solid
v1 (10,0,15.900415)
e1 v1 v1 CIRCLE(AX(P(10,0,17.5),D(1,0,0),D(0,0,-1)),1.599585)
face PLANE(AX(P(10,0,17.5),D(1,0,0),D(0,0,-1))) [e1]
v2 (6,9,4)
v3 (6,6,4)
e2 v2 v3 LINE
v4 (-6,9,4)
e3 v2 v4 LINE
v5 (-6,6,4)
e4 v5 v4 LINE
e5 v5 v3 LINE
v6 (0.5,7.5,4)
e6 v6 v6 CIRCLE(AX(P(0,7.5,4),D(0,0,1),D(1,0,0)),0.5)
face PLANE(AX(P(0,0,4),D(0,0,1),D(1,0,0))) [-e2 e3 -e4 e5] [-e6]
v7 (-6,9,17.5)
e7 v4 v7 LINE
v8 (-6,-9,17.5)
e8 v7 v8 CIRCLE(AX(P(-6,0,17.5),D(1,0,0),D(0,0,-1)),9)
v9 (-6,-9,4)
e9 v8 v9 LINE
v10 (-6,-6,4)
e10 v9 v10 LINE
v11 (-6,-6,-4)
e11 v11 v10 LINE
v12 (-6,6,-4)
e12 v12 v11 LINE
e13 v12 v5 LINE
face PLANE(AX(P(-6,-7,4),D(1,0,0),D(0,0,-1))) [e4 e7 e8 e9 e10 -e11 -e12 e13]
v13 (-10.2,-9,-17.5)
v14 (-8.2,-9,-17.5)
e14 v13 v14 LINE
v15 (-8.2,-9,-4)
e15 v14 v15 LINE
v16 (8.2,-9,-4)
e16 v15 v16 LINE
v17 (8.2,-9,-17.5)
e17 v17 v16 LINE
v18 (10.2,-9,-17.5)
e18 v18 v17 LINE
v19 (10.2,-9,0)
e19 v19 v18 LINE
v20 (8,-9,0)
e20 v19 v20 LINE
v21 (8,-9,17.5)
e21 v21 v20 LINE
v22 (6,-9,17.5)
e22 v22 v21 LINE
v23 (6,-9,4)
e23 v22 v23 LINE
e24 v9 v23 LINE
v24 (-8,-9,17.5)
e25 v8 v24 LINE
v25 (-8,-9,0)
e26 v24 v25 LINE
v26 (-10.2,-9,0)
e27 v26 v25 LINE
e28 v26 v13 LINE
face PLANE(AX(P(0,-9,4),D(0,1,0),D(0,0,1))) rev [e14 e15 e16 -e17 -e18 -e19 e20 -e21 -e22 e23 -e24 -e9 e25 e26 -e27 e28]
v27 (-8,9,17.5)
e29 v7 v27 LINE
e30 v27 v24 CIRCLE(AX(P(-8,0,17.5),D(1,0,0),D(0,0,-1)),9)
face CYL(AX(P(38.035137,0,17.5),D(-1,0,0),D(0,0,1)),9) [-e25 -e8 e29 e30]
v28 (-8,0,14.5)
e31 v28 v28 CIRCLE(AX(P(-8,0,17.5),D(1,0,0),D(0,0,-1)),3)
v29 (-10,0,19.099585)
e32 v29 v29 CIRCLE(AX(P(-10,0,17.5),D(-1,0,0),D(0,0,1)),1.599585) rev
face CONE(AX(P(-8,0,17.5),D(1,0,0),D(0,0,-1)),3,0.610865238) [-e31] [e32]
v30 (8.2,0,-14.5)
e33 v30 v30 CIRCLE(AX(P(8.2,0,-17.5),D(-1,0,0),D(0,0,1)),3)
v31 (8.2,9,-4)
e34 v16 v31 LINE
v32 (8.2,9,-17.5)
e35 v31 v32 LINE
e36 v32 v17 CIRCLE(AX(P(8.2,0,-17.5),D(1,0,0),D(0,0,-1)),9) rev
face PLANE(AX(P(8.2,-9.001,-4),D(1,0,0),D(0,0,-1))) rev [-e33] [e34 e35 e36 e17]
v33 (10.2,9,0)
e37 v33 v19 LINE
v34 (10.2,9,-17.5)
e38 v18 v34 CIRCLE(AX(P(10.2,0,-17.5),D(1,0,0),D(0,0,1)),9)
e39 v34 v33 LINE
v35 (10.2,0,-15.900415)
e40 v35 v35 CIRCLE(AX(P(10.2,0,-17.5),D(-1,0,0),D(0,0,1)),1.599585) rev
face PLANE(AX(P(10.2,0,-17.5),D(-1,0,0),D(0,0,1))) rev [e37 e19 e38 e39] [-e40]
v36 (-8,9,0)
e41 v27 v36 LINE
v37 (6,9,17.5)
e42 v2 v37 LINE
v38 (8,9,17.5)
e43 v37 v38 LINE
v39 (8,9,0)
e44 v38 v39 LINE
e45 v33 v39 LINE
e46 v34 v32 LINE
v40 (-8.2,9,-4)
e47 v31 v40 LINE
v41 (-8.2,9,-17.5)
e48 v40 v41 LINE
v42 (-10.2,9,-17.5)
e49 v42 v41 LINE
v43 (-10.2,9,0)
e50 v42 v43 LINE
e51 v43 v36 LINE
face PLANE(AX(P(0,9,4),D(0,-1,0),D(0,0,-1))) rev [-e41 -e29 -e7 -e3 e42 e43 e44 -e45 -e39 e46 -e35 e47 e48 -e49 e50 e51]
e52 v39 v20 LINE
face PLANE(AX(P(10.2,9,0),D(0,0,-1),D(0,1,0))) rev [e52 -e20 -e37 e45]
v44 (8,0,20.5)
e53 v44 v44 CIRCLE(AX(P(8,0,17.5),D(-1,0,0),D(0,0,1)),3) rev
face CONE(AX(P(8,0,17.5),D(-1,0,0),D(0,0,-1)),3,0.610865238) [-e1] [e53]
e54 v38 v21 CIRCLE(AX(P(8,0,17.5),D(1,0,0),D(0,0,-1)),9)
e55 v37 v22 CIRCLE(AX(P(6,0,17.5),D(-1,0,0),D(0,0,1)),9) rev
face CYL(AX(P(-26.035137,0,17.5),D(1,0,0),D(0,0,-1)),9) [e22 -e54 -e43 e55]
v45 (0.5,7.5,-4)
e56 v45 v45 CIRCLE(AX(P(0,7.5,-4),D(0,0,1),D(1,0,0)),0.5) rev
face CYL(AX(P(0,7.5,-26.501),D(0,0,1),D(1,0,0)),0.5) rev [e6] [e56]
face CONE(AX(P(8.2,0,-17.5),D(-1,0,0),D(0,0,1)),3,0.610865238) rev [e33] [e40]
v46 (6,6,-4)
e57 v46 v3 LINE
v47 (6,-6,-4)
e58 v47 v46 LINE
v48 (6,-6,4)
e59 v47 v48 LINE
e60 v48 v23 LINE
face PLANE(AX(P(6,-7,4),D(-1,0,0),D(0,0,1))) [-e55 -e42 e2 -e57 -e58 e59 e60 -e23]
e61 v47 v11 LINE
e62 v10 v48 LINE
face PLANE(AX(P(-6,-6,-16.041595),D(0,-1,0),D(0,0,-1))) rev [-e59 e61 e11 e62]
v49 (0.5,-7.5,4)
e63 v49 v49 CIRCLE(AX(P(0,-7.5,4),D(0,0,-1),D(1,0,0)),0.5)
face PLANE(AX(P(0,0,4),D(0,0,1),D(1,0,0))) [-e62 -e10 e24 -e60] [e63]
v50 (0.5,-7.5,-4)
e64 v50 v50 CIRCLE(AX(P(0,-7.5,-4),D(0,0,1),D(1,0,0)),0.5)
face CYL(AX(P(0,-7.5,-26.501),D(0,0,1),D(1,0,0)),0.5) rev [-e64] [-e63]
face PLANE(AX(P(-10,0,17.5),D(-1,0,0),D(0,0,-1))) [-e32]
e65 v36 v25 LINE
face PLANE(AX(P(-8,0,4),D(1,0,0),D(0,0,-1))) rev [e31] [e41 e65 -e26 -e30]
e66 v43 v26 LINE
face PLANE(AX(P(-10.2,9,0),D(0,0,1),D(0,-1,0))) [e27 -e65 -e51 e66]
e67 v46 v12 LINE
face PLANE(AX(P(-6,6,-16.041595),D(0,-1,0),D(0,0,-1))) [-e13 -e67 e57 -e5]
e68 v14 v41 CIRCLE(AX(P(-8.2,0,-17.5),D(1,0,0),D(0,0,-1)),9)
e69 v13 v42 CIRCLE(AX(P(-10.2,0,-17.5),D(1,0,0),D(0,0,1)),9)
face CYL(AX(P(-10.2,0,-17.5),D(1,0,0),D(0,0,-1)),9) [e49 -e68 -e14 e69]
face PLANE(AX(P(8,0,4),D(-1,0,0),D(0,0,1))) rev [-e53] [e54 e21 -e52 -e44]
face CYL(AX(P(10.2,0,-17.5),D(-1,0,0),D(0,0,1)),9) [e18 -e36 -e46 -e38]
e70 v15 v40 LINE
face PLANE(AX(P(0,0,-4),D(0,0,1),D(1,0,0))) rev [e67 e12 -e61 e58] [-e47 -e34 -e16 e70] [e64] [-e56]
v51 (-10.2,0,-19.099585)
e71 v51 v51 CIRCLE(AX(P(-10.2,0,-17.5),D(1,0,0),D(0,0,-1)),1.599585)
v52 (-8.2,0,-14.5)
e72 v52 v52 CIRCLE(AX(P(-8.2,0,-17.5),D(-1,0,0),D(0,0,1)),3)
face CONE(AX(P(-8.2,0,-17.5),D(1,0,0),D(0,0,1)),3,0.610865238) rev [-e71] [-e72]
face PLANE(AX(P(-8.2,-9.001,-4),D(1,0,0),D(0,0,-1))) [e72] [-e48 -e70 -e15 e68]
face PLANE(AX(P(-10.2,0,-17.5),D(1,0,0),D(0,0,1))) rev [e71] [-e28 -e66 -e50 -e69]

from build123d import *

# Parameters (mm, degrees)
SKETCH1_W               = 16
SKETCH1_H               = 18
SKETCH1_W_2             = 12
SKETCH1_H_2             = 14
EXTRUDE_THIN1_DEPTH     = 4
BOSS_EXTRUDE1_DEPTH     = 2
SKETCH3_R               = 3
BOSS_EXTRUDE2_DEPTH     = 2
BOSS_EXTRUDE2_TAPER     = 35
BOSS_EXTRUDE3_DEPTH     = 2.2
CUT_EXTRUDE4_REACH      = 35.62
SKETCH10_W              = 0.2
SKETCH10_H              = 25.531461486
SKETCH5_R               = 3
CUT_EXTRUDE1_DEPTH      = 2
CUT_EXTRUDE1_DRAFT      = -35
MIRROR3_COPY_1_SKETCH_R = 3
MIRROR3_COPY_1_DEPTH    = 2
MIRROR3_COPY_1_DRAFT    = -35
SKETCH13_W              = 12
SKETCH13_H              = 1
BOSS_EXTRUDE4_DEPTH     = 8
CUT_EXTRUDE5_REACH      = 35.396
SKETCH11_R              = 0.5


with BuildPart() as part:
    # Sketch1 → Extrude-Thin1 (new, symmetric)
    with BuildSketch(Plane.XY):
        Rectangle(SKETCH1_W, SKETCH1_H)
        Rectangle(SKETCH1_W_2, SKETCH1_H_2, mode=Mode.SUBTRACT)
    extrude_thin1 = extrude(amount=EXTRUDE_THIN1_DEPTH, both=True)

    # Sketch2 → Boss-Extrude1 (add)
    with BuildSketch(Plane(origin=(8, 0, 0), x_dir=(0, 0, -1), z_dir=(1, 0, 0))):
        with BuildLine():
            Line((0, 9), (-17.5, 9))
            ThreePointArc((-17.5, 9), (-26.5, 0), (-17.5, -9))
            Line((-17.5, -9), (0, -9))
            Line((0, -9), (0, 9))
        make_face()
    boss_extrude1 = extrude(amount=-BOSS_EXTRUDE1_DEPTH)

    # Sketch3 → Boss-Extrude2 (add)
    with BuildSketch(Plane(origin=(8, 0, 0), x_dir=(0, 0, -1), z_dir=(1, 0, 0))):
        with Locations((-17.5, 0)):
            Circle(SKETCH3_R)
    boss_extrude2 = extrude(amount=BOSS_EXTRUDE2_DEPTH, taper=BOSS_EXTRUDE2_TAPER)

    # Sketch4 → Boss-Extrude3 (add)
    with BuildSketch(Plane(origin=(8, 0, 0), x_dir=(0, 0, -1), z_dir=(1, 0, 0))):
        with BuildLine():
            Line((0, 9), (17.5, 9))
            ThreePointArc((17.5, 9), (26.5, 0), (17.5, -9))
            Line((17.5, -9), (0, -9))
            Line((0, -9), (0, 9))
        make_face()
    boss_extrude3 = extrude(amount=BOSS_EXTRUDE3_DEPTH)

    # Sketch10 → Cut-Extrude4 (cut, up to next)
    with BuildSketch(Plane(origin=(0, 9, 0), x_dir=(1, 0, 0), z_dir=(0, 1, 0)), mode=Mode.PRIVATE) as cut_extrude4_sk1:
        with Locations((8.1, 16.765730743)):
            Rectangle(SKETCH10_W, SKETCH10_H)
    cut_extrude4_tool1 = extrude(cut_extrude4_sk1.sketch, amount=-CUT_EXTRUDE4_REACH, mode=Mode.PRIVATE) & part.part
    cut_extrude4 = cut_extrude4_tool1.solids().sort_by_distance((8.1, 9, -16.765731))[0]
    add(cut_extrude4, mode=Mode.SUBTRACT)


with BuildPart() as cut_extrude1_tool:
    # Sketch5 → Cut-Extrude1 (with draft: the straight prism first)
    with BuildSketch(Plane.ZY.offset(-8.2)):
        with Locations((-17.5, 0)):
            Circle(SKETCH5_R)
    extrude(amount=-CUT_EXTRUDE1_DEPTH)
    # Cut-Extrude1: the draft: its side faces are tilted about the plane it starts from
    cut_extrude1_sides = [cut_extrude1_tool.faces().sort_by_distance(p)[0] for p in [
        (9.2, 0, -20.5),
    ]]
    draft(cut_extrude1_sides, Plane.ZY.offset(-8.2), CUT_EXTRUDE1_DRAFT)


with BuildPart() as part_1:
    add(part.part)

    # Cut-Extrude1: cut by cut_extrude1_tool
    add(cut_extrude1_tool.part, mode=Mode.SUBTRACT)

    # Mirror3: Extrude-Thin1, Boss-Extrude1, Boss-Extrude2, Boss-Extrude3, Cut-Extrude4 across plane
    add(extrude_thin1.mirror(Plane(origin=(0, 0, 0), x_dir=(0, 0, 1), z_dir=(1, 0, 0))))
    add(boss_extrude1.mirror(Plane(origin=(0, 0, 0), x_dir=(0, 0, 1), z_dir=(1, 0, 0))))
    add(boss_extrude2.mirror(Plane(origin=(0, 0, 0), x_dir=(0, 0, 1), z_dir=(1, 0, 0))))
    add(boss_extrude3.mirror(Plane(origin=(0, 0, 0), x_dir=(0, 0, 1), z_dir=(1, 0, 0))))
    add(cut_extrude4.mirror(Plane(origin=(0, 0, 0), x_dir=(0, 0, 1), z_dir=(1, 0, 0))), mode=Mode.SUBTRACT)


with BuildPart() as mirror3_copy_1_tool:
    # Mirror3 copy 1 sketch → Mirror3 copy 1 (with draft: the straight prism first)
    with BuildSketch(Plane(origin=(-8.2, 0, 0), x_dir=(0, 0, 1), z_dir=(1, 0, 0))):
        with Locations((-17.5, 0)):
            Circle(MIRROR3_COPY_1_SKETCH_R)
    extrude(amount=-MIRROR3_COPY_1_DEPTH)
    # Mirror3 copy 1: the draft: its side faces are tilted about the plane it starts from
    mirror3_copy_1_sides = [mirror3_copy_1_tool.faces().sort_by_distance(p)[0] for p in [
        (-9.2, 0, -20.5),
    ]]
    draft(mirror3_copy_1_sides, Plane(origin=(-8.2, 0, 0), x_dir=(0, 0, 1), z_dir=(1, 0, 0)), MIRROR3_COPY_1_DRAFT)


with BuildPart() as part_2:
    add(part_1.part)

    # Mirror3 copy 1: cut by mirror3_copy_1_tool
    add(mirror3_copy_1_tool.part, mode=Mode.SUBTRACT)

    # Sketch13 → Boss-Extrude4 (add)
    with BuildSketch(Plane.XY.offset(4)):
        with Locations((0, 6.5)):
            Rectangle(SKETCH13_W, SKETCH13_H)
    boss_extrude4 = extrude(amount=-BOSS_EXTRUDE4_DEPTH)

    # Mirror5: Boss-Extrude4 across plane
    add(boss_extrude4.mirror(Plane.ZX))

    # Sketch11 → Cut-Extrude5 (cut, up to next)
    with BuildSketch(Plane.XY.offset(4), mode=Mode.PRIVATE) as cut_extrude5_sk1:
        with Locations((0, 7.5)):
            Circle(SKETCH11_R)
    cut_extrude5_tool1 = extrude(cut_extrude5_sk1.sketch, amount=-CUT_EXTRUDE5_REACH, mode=Mode.PRIVATE) & part_2.part
    cut_extrude5 = cut_extrude5_tool1.solids().sort_by_distance((0, 7.5, 4))[0]
    add(cut_extrude5, mode=Mode.SUBTRACT)

    # Mirror4: Cut-Extrude5 across plane
    add(cut_extrude5.mirror(Plane.ZX), mode=Mode.SUBTRACT)


solid = part_2.part
